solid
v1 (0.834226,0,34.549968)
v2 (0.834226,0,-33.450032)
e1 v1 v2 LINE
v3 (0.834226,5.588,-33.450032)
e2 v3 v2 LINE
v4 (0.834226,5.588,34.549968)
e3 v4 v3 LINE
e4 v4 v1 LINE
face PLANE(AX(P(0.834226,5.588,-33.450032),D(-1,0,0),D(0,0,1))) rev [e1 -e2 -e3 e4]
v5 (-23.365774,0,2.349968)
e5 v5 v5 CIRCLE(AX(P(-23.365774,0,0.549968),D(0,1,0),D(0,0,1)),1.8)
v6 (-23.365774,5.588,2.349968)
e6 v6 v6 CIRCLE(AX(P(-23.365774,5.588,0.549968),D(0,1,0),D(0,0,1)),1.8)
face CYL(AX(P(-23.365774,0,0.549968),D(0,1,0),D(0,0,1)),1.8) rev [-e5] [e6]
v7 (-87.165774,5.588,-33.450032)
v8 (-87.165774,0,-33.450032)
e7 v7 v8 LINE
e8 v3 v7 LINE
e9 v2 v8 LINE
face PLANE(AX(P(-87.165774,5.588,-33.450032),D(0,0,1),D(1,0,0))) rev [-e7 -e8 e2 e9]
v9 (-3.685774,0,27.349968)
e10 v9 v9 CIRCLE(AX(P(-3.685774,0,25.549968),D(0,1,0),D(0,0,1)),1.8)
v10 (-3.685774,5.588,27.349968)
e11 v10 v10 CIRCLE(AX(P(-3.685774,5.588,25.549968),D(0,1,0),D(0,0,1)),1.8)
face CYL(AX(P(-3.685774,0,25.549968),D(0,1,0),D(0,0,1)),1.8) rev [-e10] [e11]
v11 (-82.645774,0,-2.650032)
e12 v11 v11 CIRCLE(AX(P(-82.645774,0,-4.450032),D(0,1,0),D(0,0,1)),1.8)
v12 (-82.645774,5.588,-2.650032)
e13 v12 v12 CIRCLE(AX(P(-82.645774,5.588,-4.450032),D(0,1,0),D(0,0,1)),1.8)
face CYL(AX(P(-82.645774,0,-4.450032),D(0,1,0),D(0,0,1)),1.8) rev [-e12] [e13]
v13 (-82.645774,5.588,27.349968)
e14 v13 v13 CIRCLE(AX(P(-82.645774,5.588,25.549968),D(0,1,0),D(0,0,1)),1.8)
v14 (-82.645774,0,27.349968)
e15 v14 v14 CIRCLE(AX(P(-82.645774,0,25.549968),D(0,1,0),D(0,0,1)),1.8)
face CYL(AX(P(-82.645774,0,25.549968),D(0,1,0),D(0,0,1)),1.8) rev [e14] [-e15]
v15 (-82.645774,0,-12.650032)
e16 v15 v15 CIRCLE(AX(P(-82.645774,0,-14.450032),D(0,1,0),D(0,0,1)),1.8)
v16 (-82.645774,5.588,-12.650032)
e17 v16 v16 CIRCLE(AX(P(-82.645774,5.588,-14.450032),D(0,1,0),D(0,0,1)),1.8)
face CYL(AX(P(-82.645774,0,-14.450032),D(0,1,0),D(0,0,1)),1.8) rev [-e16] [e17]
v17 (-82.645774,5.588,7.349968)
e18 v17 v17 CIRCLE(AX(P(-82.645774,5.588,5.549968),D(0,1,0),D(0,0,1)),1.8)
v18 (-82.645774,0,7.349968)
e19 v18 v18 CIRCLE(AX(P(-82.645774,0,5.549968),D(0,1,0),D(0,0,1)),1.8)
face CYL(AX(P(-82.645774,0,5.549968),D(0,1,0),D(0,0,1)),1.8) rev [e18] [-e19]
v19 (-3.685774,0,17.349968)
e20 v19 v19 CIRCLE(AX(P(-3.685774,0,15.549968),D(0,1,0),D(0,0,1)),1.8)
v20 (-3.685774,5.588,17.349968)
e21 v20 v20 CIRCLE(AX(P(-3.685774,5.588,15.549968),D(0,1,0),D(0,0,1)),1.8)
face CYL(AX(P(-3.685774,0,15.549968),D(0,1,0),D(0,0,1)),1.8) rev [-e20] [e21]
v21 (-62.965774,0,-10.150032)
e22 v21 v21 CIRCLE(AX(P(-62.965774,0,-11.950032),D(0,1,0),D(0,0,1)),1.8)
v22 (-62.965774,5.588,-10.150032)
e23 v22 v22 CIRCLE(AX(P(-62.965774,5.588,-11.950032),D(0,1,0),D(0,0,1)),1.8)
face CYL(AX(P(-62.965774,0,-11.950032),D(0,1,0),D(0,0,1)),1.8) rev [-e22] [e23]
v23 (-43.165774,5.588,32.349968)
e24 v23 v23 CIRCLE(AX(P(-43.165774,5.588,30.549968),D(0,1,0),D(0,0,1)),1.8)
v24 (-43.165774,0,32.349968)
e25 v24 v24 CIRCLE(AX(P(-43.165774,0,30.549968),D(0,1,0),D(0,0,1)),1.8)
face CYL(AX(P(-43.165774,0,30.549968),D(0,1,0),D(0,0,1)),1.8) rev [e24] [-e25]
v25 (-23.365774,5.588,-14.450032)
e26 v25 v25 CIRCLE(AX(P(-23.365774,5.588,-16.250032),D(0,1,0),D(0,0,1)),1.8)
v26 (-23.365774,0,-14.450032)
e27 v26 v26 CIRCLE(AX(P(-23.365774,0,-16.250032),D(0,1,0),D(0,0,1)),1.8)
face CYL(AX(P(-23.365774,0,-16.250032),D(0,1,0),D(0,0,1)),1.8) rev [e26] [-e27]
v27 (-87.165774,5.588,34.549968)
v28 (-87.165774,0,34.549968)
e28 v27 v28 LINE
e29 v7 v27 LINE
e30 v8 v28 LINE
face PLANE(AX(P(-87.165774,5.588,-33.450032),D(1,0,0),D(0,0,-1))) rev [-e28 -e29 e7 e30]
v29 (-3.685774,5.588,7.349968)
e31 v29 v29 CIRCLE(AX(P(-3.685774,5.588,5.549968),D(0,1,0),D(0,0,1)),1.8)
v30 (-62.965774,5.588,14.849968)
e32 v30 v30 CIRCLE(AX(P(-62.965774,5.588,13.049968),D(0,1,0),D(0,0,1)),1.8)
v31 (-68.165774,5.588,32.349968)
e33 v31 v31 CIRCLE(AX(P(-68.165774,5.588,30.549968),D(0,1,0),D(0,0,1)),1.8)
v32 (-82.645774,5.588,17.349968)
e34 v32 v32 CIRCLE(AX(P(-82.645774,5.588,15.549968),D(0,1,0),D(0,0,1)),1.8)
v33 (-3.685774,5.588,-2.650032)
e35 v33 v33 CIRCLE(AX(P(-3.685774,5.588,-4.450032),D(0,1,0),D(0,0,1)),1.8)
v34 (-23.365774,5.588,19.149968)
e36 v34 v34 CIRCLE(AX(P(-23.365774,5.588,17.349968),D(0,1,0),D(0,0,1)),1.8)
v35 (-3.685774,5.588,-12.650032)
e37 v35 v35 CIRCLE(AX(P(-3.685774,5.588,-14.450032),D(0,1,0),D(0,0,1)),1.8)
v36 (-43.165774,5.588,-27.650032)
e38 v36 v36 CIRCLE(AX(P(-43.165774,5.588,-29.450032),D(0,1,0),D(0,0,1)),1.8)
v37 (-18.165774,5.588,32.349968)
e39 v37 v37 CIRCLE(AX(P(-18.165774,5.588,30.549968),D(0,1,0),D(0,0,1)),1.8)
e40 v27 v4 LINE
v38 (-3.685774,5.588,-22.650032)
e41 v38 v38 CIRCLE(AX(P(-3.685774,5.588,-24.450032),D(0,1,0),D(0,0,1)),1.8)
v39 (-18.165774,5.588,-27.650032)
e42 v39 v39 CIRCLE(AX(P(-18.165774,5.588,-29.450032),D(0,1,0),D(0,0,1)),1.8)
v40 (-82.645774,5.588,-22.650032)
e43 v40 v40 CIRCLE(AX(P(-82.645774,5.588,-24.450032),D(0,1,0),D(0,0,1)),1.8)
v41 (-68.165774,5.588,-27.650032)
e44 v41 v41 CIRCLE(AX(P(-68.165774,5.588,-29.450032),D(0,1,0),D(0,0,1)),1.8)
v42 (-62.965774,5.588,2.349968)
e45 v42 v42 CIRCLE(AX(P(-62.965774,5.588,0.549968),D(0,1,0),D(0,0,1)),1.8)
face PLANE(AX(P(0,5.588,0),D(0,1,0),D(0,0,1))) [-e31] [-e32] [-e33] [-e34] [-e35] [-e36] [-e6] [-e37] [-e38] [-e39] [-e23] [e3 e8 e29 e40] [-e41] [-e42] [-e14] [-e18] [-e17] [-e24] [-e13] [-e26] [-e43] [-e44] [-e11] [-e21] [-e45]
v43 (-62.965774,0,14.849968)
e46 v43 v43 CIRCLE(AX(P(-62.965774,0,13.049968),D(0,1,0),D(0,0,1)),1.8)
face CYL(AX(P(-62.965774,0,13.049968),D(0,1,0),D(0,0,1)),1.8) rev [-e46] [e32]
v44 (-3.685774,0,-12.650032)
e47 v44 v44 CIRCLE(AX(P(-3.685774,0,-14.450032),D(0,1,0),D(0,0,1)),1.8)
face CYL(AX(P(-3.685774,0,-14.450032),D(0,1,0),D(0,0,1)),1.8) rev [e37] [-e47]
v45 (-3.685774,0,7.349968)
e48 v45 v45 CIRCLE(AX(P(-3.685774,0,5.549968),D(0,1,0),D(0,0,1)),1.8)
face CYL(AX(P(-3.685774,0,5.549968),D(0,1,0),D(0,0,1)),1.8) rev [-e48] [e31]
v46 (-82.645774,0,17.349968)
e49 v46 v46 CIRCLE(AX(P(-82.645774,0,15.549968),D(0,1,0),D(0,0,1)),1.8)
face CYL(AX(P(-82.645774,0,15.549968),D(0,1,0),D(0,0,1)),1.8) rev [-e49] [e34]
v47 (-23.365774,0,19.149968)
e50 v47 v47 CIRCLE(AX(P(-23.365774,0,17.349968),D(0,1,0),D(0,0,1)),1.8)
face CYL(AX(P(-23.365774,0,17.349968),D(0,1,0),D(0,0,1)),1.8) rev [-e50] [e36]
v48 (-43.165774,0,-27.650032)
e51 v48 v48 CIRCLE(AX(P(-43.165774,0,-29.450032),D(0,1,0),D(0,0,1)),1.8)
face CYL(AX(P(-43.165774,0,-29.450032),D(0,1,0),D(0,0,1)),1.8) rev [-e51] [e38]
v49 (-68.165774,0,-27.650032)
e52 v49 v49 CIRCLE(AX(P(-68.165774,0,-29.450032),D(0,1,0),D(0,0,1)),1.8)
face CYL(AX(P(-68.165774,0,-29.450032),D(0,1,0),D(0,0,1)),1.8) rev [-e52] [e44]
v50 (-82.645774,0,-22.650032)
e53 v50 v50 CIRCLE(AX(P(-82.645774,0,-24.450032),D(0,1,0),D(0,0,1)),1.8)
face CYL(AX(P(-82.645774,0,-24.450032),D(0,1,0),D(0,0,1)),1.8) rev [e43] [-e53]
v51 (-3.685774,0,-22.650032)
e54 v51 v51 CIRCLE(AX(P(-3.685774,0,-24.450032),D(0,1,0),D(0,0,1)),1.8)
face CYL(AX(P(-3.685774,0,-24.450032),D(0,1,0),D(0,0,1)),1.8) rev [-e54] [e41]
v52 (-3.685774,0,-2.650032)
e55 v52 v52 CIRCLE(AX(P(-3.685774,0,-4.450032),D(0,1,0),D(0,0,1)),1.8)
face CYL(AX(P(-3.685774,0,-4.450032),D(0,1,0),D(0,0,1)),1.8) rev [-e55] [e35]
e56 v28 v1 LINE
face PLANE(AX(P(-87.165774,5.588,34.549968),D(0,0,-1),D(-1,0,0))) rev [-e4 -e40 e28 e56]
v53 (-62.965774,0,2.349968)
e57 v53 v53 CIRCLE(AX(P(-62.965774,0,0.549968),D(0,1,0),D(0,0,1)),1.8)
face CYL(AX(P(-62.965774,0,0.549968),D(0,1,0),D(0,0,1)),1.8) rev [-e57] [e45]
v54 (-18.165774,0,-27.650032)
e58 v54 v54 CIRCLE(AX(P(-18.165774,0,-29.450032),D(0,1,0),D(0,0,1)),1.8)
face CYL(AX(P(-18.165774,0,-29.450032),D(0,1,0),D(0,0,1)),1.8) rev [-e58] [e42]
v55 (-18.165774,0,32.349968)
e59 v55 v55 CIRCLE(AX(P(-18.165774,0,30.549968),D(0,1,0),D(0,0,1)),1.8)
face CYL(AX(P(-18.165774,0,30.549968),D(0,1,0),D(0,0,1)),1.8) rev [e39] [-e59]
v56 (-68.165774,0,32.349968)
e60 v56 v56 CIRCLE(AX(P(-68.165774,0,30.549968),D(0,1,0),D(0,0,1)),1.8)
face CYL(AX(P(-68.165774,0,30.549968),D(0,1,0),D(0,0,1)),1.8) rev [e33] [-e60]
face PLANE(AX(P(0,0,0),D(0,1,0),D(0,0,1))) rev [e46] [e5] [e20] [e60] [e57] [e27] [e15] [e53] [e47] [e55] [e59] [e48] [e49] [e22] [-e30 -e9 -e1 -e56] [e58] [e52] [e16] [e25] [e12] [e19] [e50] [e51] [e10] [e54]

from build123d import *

# Parameters (mm, degrees)
SKETCH1_W           = 88
SKETCH1_H           = 68
BOSS_EXTRUDE1_DEPTH = 5.588
SKETCH2_R           = 1.8
CUT_EXTRUDE1_DEPTH  = 94.929750833


with BuildPart() as part:
    # Sketch1 → Boss-Extrude1 (new body)
    with BuildSketch(Plane(origin=(0, 0, 0), x_dir=(1, 0, 0), z_dir=(0, 1, 0))):
        with Locations((-43.165773612, -0.549967556)):
            Rectangle(SKETCH1_W, SKETCH1_H)
    extrude(amount=BOSS_EXTRUDE1_DEPTH)

    # Sketch2 → Cut-Extrude1 (cut, through all)
    with BuildSketch(Plane(origin=(0, 5.588, 0), x_dir=(1, 0, 0), z_dir=(0, 1, 0))):
        with Locations(Location((-68.165773612, 29.450032444, 0), (0, 0, 270))):
            Circle(SKETCH2_R)
        with Locations(Location((-43.165773612, 29.450032444, 0), (0, 0, 270))):
            Circle(SKETCH2_R)
        with Locations(Location((-18.165773612, 29.450032444, 0), (0, 0, 270))):
            Circle(SKETCH2_R)
        with Locations(Location((-43.165773612, -30.549967556, 0), (0, 0, 270))):
            Circle(SKETCH2_R)
        with Locations(Location((-68.165773612, -30.549967556, 0), (0, 0, 270))):
            Circle(SKETCH2_R)
        with Locations(Location((-18.165773612, -30.549967556, 0), (0, 0, 270))):
            Circle(SKETCH2_R)
        with Locations(Location((-62.965773612, -0.549967556, 0), (0, 0, 270))):
            Circle(SKETCH2_R)
        with Locations(Location((-23.365773612, -0.549967556, 0), (0, 0, 270))):
            Circle(SKETCH2_R)
        with Locations(Location((-23.365773612, -17.349967556, 0), (0, 0, 270))):
            Circle(SKETCH2_R)
        with Locations(Location((-23.365773612, 16.250032444, 0), (0, 0, 270))):
            Circle(SKETCH2_R)
        with Locations(Location((-62.965773612, -13.049967556, 0), (0, 0, 270))):
            Circle(SKETCH2_R)
        with Locations(Location((-62.965773612, 11.950032444, 0), (0, 0, 270))):
            Circle(SKETCH2_R)
        with Locations(Location((-82.645773612, 24.450032444, 0), (0, 0, 270))):
            Circle(SKETCH2_R)
        with Locations(Location((-3.685773612, 24.450032444, 0), (0, 0, 270))):
            Circle(SKETCH2_R)
        with Locations(Location((-82.645773612, 14.450032444, 0), (0, 0, 270))):
            Circle(SKETCH2_R)
        with Locations(Location((-3.685773612, 14.450032444, 0), (0, 0, 270))):
            Circle(SKETCH2_R)
        with Locations(Location((-82.645773612, 4.450032444, 0), (0, 0, 270))):
            Circle(SKETCH2_R)
        with Locations(Location((-3.685773612, 4.450032444, 0), (0, 0, 270))):
            Circle(SKETCH2_R)
        with Locations(Location((-82.645773612, -5.549967556, 0), (0, 0, 270))):
            Circle(SKETCH2_R)
        with Locations(Location((-3.685773612, -5.549967556, 0), (0, 0, 270))):
            Circle(SKETCH2_R)
        with Locations(Location((-82.645773612, -15.549967556, 0), (0, 0, 270))):
            Circle(SKETCH2_R)
        with Locations(Location((-3.685773612, -15.549967556, 0), (0, 0, 270))):
            Circle(SKETCH2_R)
        with Locations(Location((-82.645773612, -25.549967556, 0), (0, 0, 270))):
            Circle(SKETCH2_R)
        with Locations(Location((-3.685773612, -25.549967556, 0), (0, 0, 270))):
            Circle(SKETCH2_R)
    extrude(amount=-CUT_EXTRUDE1_DEPTH, mode=Mode.SUBTRACT)


solid = part.part
